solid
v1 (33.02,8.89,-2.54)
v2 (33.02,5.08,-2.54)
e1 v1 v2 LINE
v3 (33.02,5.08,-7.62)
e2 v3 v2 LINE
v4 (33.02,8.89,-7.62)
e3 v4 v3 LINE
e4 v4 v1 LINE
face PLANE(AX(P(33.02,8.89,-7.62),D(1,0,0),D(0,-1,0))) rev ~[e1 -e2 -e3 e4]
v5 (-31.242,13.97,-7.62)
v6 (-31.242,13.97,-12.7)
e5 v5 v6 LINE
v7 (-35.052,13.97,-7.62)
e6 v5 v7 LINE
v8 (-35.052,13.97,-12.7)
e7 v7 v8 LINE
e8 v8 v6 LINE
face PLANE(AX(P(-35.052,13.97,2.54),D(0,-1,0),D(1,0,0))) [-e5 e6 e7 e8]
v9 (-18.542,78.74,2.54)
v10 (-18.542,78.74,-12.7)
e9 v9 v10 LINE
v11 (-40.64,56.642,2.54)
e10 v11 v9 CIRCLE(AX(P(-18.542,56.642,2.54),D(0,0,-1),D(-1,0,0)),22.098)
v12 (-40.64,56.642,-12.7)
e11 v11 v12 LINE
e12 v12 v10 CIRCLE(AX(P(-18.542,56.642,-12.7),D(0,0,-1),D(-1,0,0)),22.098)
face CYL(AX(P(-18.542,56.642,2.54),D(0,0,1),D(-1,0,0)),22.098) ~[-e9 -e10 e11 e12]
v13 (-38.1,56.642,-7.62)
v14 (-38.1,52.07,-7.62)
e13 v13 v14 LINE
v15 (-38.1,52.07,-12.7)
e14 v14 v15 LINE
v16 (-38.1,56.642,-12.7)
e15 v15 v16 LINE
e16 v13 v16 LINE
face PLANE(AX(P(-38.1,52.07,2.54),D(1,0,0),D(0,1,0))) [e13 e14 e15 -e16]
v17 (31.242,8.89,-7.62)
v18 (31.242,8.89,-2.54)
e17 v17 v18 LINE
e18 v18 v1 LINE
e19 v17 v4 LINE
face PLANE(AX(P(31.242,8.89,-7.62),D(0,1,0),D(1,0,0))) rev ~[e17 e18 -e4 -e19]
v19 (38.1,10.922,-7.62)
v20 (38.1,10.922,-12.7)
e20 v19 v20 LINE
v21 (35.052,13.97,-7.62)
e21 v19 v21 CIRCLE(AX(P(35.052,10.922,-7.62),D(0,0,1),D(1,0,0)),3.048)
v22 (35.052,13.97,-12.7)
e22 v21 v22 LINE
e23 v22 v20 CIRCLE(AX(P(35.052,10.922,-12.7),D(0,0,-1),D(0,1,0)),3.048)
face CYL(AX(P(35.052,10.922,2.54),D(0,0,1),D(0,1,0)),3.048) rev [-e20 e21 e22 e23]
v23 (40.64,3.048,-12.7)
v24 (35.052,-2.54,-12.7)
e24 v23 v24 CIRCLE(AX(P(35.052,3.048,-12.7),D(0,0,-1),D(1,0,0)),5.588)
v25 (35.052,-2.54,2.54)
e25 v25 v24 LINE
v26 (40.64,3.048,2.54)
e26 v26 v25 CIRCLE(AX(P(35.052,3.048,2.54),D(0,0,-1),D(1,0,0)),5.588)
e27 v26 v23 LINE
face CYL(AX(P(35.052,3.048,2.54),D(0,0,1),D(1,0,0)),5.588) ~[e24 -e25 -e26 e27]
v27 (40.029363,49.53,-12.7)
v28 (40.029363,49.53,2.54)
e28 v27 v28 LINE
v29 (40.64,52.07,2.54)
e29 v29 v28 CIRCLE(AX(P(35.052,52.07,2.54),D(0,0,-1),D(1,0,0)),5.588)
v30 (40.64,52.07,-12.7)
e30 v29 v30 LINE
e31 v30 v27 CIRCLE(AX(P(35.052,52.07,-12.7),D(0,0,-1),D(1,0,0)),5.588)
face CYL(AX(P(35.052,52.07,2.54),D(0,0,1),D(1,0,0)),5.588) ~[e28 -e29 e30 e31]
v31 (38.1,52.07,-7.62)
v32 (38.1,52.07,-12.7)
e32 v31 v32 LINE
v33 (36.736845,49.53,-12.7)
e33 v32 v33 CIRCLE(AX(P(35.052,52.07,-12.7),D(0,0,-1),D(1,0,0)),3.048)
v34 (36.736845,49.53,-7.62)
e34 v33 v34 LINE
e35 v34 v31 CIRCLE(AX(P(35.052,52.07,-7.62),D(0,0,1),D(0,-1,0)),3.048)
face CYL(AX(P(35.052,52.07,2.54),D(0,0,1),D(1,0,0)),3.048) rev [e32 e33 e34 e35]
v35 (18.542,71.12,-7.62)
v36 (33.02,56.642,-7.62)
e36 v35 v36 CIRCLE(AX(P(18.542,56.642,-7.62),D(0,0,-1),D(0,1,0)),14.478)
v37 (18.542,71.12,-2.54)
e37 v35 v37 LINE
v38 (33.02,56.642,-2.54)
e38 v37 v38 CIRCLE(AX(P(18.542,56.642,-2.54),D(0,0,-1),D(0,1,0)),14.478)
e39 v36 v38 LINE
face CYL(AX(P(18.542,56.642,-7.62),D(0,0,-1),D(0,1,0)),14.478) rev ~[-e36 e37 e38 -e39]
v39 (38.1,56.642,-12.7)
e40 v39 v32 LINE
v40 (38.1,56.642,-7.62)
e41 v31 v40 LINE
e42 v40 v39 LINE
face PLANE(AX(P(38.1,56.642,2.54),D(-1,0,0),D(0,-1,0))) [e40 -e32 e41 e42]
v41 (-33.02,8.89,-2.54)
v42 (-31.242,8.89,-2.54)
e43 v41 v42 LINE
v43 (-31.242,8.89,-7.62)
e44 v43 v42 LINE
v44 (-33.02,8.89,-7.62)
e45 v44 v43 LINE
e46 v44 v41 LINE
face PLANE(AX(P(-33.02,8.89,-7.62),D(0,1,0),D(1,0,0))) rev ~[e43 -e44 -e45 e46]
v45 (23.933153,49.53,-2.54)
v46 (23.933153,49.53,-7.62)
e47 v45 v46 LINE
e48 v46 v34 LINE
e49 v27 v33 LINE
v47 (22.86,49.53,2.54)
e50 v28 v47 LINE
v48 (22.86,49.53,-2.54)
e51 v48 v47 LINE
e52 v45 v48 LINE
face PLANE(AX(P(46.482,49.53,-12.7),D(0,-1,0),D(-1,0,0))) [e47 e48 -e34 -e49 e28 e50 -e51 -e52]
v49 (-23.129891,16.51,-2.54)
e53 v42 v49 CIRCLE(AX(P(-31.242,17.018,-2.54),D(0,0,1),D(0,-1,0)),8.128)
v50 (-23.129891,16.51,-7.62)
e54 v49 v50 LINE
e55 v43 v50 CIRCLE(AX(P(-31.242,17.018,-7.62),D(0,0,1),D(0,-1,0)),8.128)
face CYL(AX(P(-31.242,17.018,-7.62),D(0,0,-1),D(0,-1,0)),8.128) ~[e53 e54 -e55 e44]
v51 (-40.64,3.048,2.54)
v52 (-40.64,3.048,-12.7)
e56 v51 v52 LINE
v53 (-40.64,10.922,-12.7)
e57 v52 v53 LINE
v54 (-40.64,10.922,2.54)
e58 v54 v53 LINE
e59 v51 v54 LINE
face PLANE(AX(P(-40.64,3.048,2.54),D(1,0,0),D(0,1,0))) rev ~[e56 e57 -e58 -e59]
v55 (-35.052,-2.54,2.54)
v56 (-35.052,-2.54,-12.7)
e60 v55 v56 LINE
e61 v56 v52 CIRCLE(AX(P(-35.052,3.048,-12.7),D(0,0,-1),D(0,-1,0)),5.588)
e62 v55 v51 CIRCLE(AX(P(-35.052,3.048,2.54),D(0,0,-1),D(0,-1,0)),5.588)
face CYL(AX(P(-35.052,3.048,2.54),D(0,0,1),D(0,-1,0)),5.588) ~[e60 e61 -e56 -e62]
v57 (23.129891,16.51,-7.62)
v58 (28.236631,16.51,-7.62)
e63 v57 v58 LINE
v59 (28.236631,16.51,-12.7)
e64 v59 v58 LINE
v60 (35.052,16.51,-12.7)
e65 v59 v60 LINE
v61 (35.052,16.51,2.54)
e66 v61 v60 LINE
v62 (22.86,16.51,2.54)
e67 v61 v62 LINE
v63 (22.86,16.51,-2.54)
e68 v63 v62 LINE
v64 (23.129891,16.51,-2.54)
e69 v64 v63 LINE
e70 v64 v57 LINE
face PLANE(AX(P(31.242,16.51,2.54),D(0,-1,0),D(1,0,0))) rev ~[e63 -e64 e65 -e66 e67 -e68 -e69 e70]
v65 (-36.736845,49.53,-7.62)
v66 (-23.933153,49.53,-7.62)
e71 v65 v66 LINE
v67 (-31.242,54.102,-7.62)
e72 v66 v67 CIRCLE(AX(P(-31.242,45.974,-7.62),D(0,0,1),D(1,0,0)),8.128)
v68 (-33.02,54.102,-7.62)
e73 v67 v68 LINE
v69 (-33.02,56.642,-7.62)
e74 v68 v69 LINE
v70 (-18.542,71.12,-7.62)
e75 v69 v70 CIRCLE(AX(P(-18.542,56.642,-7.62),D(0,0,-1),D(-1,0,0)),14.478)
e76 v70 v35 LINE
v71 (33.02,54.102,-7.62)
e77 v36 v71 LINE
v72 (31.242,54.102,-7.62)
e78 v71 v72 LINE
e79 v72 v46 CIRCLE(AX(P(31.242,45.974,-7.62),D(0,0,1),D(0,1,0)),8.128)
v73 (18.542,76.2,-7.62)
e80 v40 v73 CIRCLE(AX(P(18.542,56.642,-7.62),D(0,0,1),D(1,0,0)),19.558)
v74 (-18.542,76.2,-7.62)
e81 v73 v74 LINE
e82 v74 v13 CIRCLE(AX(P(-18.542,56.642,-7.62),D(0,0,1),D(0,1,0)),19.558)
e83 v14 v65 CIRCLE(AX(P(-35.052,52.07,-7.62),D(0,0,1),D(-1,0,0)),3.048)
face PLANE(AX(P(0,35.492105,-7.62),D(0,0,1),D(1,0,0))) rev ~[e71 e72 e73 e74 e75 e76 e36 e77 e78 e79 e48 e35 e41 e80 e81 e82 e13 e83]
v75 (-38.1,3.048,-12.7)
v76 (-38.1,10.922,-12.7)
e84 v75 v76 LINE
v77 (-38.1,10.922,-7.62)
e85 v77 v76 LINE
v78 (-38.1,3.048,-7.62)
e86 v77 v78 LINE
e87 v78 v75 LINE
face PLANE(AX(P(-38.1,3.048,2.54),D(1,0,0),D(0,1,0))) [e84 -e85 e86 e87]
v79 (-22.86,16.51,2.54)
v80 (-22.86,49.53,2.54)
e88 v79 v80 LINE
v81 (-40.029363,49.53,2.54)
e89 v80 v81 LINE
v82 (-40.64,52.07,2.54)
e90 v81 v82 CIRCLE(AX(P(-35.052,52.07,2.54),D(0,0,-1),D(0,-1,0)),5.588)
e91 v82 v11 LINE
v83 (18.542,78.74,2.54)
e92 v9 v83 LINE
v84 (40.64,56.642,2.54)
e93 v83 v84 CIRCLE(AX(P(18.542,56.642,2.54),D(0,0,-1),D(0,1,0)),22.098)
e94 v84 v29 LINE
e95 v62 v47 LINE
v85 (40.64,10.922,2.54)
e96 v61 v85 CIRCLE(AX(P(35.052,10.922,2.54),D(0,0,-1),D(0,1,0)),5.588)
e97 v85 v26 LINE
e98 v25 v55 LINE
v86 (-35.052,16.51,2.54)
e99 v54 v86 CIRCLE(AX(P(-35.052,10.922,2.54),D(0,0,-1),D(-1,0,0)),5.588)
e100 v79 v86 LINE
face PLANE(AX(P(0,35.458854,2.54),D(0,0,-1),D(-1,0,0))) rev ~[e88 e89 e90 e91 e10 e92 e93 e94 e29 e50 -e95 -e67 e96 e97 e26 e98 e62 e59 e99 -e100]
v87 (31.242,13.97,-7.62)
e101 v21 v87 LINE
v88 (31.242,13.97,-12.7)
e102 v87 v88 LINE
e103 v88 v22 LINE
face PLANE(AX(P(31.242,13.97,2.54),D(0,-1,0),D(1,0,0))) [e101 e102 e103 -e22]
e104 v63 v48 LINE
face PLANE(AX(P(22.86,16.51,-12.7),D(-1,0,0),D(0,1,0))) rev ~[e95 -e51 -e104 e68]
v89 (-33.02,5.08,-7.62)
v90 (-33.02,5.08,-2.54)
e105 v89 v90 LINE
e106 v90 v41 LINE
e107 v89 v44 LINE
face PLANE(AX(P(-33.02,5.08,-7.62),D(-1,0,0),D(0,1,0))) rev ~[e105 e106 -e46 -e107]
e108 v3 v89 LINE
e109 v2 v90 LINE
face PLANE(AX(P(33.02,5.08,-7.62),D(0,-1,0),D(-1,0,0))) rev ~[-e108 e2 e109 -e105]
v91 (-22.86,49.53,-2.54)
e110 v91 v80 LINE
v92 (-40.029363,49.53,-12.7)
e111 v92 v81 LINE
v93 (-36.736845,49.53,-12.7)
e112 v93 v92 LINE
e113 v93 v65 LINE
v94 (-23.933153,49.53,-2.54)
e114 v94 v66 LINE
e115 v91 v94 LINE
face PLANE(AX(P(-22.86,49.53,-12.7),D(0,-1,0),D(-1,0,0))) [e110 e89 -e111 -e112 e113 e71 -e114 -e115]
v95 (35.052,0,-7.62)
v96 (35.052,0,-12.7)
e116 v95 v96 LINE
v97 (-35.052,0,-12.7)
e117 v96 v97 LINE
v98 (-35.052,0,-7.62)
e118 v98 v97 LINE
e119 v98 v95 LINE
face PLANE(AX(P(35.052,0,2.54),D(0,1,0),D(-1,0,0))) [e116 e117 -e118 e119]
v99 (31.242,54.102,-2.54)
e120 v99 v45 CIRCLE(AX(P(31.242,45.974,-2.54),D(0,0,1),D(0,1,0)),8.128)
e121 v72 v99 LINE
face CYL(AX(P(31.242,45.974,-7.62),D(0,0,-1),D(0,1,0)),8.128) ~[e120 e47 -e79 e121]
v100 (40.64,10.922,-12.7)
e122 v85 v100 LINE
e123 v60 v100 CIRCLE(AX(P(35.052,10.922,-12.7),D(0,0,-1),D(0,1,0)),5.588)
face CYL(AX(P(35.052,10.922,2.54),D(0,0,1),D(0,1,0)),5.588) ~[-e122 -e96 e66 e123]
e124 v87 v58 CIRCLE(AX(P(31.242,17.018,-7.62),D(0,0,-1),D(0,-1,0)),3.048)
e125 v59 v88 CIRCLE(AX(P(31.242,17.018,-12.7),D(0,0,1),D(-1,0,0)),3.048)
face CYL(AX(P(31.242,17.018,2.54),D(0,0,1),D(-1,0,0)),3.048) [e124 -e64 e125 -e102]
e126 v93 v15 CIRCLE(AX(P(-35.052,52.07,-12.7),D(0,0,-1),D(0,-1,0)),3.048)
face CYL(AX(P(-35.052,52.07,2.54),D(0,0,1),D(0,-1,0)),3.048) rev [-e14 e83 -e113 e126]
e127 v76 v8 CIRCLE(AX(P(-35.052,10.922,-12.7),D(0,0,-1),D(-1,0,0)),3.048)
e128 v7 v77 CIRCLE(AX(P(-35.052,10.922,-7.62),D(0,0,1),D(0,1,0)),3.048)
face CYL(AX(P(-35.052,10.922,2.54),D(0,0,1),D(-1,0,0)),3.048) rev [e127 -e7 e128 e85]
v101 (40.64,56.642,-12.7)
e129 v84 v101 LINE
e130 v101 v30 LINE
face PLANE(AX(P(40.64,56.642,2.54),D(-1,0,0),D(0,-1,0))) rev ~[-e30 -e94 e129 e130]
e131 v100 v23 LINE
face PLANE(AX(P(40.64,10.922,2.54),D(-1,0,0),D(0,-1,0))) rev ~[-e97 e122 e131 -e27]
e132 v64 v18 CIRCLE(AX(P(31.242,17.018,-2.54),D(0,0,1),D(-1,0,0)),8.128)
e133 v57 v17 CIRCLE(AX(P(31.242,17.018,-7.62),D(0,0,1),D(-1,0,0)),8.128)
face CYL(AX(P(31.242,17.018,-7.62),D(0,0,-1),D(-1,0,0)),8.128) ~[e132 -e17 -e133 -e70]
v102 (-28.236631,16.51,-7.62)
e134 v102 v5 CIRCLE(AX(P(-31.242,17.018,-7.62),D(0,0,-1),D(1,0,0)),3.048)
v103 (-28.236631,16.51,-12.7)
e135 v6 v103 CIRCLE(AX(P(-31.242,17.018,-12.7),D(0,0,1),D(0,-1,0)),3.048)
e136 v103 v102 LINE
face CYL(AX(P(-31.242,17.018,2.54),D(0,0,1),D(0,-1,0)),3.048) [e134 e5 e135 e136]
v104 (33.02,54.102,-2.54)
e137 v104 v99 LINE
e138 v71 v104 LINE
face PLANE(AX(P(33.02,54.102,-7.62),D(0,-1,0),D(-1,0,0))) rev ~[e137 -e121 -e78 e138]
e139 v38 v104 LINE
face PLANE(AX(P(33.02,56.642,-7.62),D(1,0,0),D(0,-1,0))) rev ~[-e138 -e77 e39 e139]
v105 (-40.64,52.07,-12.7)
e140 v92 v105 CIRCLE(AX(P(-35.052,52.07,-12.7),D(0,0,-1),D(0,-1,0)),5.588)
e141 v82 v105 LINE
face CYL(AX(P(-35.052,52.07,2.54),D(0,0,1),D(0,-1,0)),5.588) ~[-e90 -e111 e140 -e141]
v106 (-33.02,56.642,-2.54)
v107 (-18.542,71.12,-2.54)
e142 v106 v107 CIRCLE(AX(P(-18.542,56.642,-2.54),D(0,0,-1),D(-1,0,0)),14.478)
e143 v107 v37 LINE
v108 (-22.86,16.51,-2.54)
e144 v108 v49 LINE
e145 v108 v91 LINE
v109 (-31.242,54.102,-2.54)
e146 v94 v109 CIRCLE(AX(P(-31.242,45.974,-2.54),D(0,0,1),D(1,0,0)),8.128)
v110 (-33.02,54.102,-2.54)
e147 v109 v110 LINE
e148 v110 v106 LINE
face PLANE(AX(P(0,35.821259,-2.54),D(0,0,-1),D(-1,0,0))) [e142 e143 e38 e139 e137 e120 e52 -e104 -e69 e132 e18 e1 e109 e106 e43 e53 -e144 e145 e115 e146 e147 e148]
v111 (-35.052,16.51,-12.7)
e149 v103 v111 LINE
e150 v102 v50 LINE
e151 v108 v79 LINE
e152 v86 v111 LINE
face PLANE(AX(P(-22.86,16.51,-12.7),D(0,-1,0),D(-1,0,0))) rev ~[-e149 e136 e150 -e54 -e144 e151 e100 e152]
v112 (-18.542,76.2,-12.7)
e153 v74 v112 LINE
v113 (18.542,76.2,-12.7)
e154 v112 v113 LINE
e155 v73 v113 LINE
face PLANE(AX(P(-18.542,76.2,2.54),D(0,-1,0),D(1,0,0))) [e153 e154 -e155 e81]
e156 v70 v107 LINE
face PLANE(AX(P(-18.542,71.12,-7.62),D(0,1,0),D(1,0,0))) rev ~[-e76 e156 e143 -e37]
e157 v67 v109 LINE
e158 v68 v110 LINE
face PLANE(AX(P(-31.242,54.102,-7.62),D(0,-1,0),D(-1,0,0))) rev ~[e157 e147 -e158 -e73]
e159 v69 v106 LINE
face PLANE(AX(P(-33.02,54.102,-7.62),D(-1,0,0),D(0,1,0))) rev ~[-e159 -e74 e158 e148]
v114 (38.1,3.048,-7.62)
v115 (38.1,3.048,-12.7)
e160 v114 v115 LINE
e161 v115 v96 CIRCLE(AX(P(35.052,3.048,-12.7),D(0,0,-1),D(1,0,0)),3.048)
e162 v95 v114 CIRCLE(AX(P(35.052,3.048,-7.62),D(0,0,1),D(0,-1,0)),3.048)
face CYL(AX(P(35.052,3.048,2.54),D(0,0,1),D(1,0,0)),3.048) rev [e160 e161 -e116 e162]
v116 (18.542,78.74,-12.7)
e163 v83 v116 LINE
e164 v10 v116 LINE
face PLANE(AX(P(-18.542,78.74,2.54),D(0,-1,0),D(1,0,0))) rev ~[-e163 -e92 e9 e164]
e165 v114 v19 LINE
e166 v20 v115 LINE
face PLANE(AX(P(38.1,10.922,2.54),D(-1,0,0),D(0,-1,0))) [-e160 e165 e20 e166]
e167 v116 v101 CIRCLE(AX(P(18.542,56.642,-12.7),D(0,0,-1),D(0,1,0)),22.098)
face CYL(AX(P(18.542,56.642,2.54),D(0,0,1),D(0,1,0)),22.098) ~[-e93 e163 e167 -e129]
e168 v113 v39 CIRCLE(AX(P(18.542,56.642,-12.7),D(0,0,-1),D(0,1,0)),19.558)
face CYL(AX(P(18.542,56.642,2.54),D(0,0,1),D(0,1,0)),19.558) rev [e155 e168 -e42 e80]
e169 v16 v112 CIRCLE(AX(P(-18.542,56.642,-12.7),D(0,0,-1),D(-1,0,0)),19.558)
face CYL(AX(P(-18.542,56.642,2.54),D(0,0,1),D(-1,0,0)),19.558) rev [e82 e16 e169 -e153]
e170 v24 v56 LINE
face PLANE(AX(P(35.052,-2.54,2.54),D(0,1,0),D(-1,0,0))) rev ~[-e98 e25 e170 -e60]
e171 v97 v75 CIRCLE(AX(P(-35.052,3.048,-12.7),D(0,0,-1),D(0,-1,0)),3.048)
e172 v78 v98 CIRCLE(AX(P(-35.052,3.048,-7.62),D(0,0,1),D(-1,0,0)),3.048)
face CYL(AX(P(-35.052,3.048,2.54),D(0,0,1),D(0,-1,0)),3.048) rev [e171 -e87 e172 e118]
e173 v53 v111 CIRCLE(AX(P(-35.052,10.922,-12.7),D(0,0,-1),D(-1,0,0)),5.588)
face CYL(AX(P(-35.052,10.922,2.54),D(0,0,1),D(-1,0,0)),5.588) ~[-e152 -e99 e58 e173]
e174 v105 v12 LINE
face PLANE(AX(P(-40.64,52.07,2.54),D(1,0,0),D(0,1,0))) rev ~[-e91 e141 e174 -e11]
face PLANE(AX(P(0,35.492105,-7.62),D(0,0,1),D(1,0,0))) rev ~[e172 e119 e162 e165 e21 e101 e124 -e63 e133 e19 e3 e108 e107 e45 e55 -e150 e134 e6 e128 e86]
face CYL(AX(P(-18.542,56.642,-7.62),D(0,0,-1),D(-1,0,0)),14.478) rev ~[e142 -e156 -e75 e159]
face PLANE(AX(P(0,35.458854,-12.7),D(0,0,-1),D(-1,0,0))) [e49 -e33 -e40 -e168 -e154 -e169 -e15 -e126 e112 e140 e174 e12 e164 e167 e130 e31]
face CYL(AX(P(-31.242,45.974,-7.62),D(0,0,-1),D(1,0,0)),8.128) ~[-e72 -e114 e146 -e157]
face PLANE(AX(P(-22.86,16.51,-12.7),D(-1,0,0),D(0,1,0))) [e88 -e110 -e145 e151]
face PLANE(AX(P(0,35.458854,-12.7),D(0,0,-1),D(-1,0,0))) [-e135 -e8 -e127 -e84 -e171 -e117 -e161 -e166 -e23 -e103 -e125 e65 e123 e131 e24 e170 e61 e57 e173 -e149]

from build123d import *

# Parameters (mm, degrees)
BOSS_EXTRUDE1_DEPTH      = 10.16
CUT_EXTRUDE1_DEPTH       = 5.08
BOSS_EXTRUDE2_DEPTH      = 5.08
BOSS_EXTRUDE2_DEPTH_BACK = 10.16
CUT_EXTRUDE2_REACH       = 91.91
SKETCH8_W                = 23.622
SKETCH8_H                = 33.02


with BuildPart() as part:
    # Sketch1 → Boss-Extrude1 (new body)
    with BuildSketch(Plane.XY.offset(2.54)):
        with BuildLine():
            Line((-35.052, 0), (35.052, 0))
            ThreePointArc((35.052, 0), (37.207261469, 0.892738531), (38.1, 3.048))
            Line((38.1, 3.048), (38.1, 10.922))
            ThreePointArc((38.1, 10.922), (37.207261469, 13.077261469), (35.052, 13.97))
            Line((35.052, 13.97), (31.242, 13.97))
            ThreePointArc((31.242, 13.97), (29.086738531, 14.862738531), (28.194, 17.018))
            Line((28.194, 17.018), (28.194, 45.974))
            ThreePointArc((28.194, 45.974), (29.086738531, 48.129261469), (31.242, 49.022))
            Line((31.242, 49.022), (35.052, 49.022))
            ThreePointArc((35.052, 49.022), (37.207261469, 49.914738531), (38.1, 52.07))
            Line((38.1, 52.07), (38.1, 56.642))
            ThreePointArc((38.1, 56.642), (32.371594426, 70.471594426), (18.542, 76.2))
            Line((18.542, 76.2), (-18.542, 76.2))
            ThreePointArc((-18.542, 76.2), (-32.371594426, 70.471594426), (-38.1, 56.642))
            Line((-38.1, 56.642), (-38.1, 52.07))
            ThreePointArc((-38.1, 52.07), (-37.207261469, 49.914738531), (-35.052, 49.022))
            Line((-35.052, 49.022), (-31.242, 49.022))
            ThreePointArc((-31.242, 49.022), (-29.086738531, 48.129261469), (-28.194, 45.974))
            Line((-28.194, 45.974), (-28.194, 17.018))
            ThreePointArc((-28.194, 17.018), (-29.086738531, 14.862738531), (-31.242, 13.97))
            Line((-31.242, 13.97), (-35.052, 13.97))
            ThreePointArc((-35.052, 13.97), (-37.207261469, 13.077261469), (-38.1, 10.922))
            Line((-38.1, 10.922), (-38.1, 3.048))
            ThreePointArc((-38.1, 3.048), (-37.207261469, 0.892738531), (-35.052, 0))
        make_face()
    extrude(amount=-BOSS_EXTRUDE1_DEPTH)

    # Sketch2 → Cut-Extrude1 (cut)
    with BuildSketch(Plane(origin=(0, 0, -7.62), x_dir=(-1, 0, 0), z_dir=(0, 0, -1))):
        with BuildLine():
            Line((33.02, 54.102), (33.02, 56.642))
            ThreePointArc((33.02, 56.642), (28.779491978, 66.879491978), (18.542, 71.12))
            Line((18.542, 71.12), (-18.542, 71.12))
            ThreePointArc((-18.542, 71.12), (-28.779491978, 66.879491978), (-33.02, 56.642))
            Line((-33.02, 56.642), (-33.02, 54.102))
            Line((-33.02, 54.102), (-31.242, 54.102))
            ThreePointArc((-31.242, 54.102), (-25.494636083, 51.721363917), (-23.114, 45.974))
            Line((-23.114, 45.974), (-23.114, 17.018))
            ThreePointArc((-23.114, 17.018), (-25.494636083, 11.270636083), (-31.242, 8.89))
            Line((-31.242, 8.89), (-33.02, 8.89))
            Line((-33.02, 8.89), (-33.02, 5.08))
            Line((-33.02, 5.08), (33.02, 5.08))
            Line((33.02, 5.08), (33.02, 8.89))
            Line((33.02, 8.89), (31.242, 8.89))
            ThreePointArc((31.242, 8.89), (25.494636083, 11.270636083), (23.114, 17.018))
            Line((23.114, 17.018), (23.114, 45.974))
            ThreePointArc((23.114, 45.974), (25.494636083, 51.721363917), (31.242, 54.102))
            Line((31.242, 54.102), (33.02, 54.102))
        make_face()
    extrude(amount=-CUT_EXTRUDE1_DEPTH, mode=Mode.SUBTRACT)

    # Sketch7 → Boss-Extrude2 (add, two sides: drawn at the far end of the back side and taken through both)
    with BuildSketch(Plane(origin=(0, 0, -7.62), x_dir=(-1, 0, 0), z_dir=(0, 0, -1)).offset(-BOSS_EXTRUDE2_DEPTH_BACK)):
        with BuildLine():
            Line((18.542, 78.74), (-18.542, 78.74))
            ThreePointArc((-18.542, 78.74), (-34.167645651, 72.267645651), (-40.64, 56.642))
            Line((-40.64, 56.642), (-40.64, 52.07))
            ThreePointArc((-40.64, 52.07), (-39.003312693, 48.118687307), (-35.052, 46.482))
            Line((-35.052, 46.482), (-31.242, 46.482))
            ThreePointArc((-31.242, 46.482), (-30.882789755, 46.333210245), (-30.734, 45.974))
            Line((-30.734, 45.974), (-30.734, 17.018))
            ThreePointArc((-30.734, 17.018), (-30.882789755, 16.658789755), (-31.242, 16.51))
            Line((-31.242, 16.51), (-35.052, 16.51))
            ThreePointArc((-35.052, 16.51), (-39.003312693, 14.873312693), (-40.64, 10.922))
            Line((-40.64, 10.922), (-40.64, 3.048))
            ThreePointArc((-40.64, 3.048), (-39.003312693, -0.903312693), (-35.052, -2.54))
            Line((-35.052, -2.54), (35.052, -2.54))
            ThreePointArc((35.052, -2.54), (39.003312693, -0.903312693), (40.64, 3.048))
            Line((40.64, 3.048), (40.64, 10.922))
            ThreePointArc((40.64, 10.922), (39.003312693, 14.873312693), (35.052, 16.51))
            Line((35.052, 16.51), (31.242, 16.51))
            ThreePointArc((31.242, 16.51), (30.882789755, 16.658789755), (30.734, 17.018))
            Line((30.734, 17.018), (30.734, 45.974))
            ThreePointArc((30.734, 45.974), (30.882789755, 46.333210245), (31.242, 46.482))
            Line((31.242, 46.482), (35.052, 46.482))
            ThreePointArc((35.052, 46.482), (39.003312693, 48.118687307), (40.64, 52.07))
            Line((40.64, 52.07), (40.64, 56.642))
            ThreePointArc((40.64, 56.642), (34.167645651, 72.267645651), (18.542, 78.74))
        make_face()
        with BuildLine():
            ThreePointArc((-38.1, 52.07), (-37.207261469, 49.914738531), (-35.052, 49.022))
            Line((-35.052, 49.022), (-31.242, 49.022))
            ThreePointArc((-31.242, 49.022), (-29.086738531, 48.129261469), (-28.194, 45.974))
            Line((-28.194, 45.974), (-28.194, 17.018))
            ThreePointArc((-28.194, 17.018), (-29.086738531, 14.862738531), (-31.242, 13.97))
            Line((-31.242, 13.97), (-35.052, 13.97))
            ThreePointArc((-35.052, 13.97), (-37.207261469, 13.077261469), (-38.1, 10.922))
            Line((-38.1, 10.922), (-38.1, 3.048))
            ThreePointArc((-38.1, 3.048), (-37.207261469, 0.892738531), (-35.052, 0))
            Line((-35.052, 0), (35.052, 0))
            ThreePointArc((35.052, 0), (37.207261469, 0.892738531), (38.1, 3.048))
            Line((38.1, 3.048), (38.1, 10.922))
            ThreePointArc((38.1, 10.922), (37.207261469, 13.077261469), (35.052, 13.97))
            Line((35.052, 13.97), (31.242, 13.97))
            ThreePointArc((31.242, 13.97), (29.086738531, 14.862738531), (28.194, 17.018))
            Line((28.194, 17.018), (28.194, 45.974))
            ThreePointArc((28.194, 45.974), (29.086738531, 48.129261469), (31.242, 49.022))
            Line((31.242, 49.022), (35.052, 49.022))
            ThreePointArc((35.052, 49.022), (37.207261469, 49.914738531), (38.1, 52.07))
            Line((38.1, 52.07), (38.1, 56.642))
            ThreePointArc((38.1, 56.642), (32.371594426, 70.471594426), (18.542, 76.2))
            Line((18.542, 76.2), (-18.542, 76.2))
            ThreePointArc((-18.542, 76.2), (-32.371594426, 70.471594426), (-38.1, 56.642))
            Line((-38.1, 56.642), (-38.1, 52.07))
        make_face(mode=Mode.SUBTRACT)
    extrude(amount=BOSS_EXTRUDE2_DEPTH + BOSS_EXTRUDE2_DEPTH_BACK)

    # Cut-Extrude2: up to this face of the body (flat: up to its plane)
    cut_extrude2_end = Plane(part.part.faces().sort_by_distance((0, 37.604047464, 2.54))[0])
    # Sketch8 → Cut-Extrude2 (cut, up to the picked face)
    with BuildSketch(Plane(origin=(0, 0, -12.7), x_dir=(-1, 0, 0), z_dir=(0, 0, -1)), mode=Mode.PRIVATE) as cut_extrude2_sk1:
        with Locations((-34.671, 33.02)):
            Rectangle(SKETCH8_W, SKETCH8_H)
    cut_extrude2_tool1 = split(extrude(cut_extrude2_sk1.sketch, amount=-CUT_EXTRUDE2_REACH, mode=Mode.PRIVATE), bisect_by=cut_extrude2_end, keep=Keep.BOTH, mode=Mode.PRIVATE)
    # Sketch8 → Cut-Extrude2 (cut, up to the picked face)
    with BuildSketch(Plane(origin=(0, 0, -12.7), x_dir=(-1, 0, 0), z_dir=(0, 0, -1)), mode=Mode.PRIVATE) as cut_extrude2_sk2:
        with Locations((34.671, 33.02)):
            Rectangle(SKETCH8_W, SKETCH8_H)
    cut_extrude2_tool2 = split(extrude(cut_extrude2_sk2.sketch, amount=-CUT_EXTRUDE2_REACH, mode=Mode.PRIVATE), bisect_by=cut_extrude2_end, keep=Keep.BOTH, mode=Mode.PRIVATE)
    add(cut_extrude2_tool1.solids().sort_by(Axis((34.671, 33.02, -12.7), (0, 0, 1)))[0], mode=Mode.SUBTRACT)
    add(cut_extrude2_tool2.solids().sort_by(Axis((-34.671, 33.02, -12.7), (0, 0, 1)))[0], mode=Mode.SUBTRACT)


solid = part.part
